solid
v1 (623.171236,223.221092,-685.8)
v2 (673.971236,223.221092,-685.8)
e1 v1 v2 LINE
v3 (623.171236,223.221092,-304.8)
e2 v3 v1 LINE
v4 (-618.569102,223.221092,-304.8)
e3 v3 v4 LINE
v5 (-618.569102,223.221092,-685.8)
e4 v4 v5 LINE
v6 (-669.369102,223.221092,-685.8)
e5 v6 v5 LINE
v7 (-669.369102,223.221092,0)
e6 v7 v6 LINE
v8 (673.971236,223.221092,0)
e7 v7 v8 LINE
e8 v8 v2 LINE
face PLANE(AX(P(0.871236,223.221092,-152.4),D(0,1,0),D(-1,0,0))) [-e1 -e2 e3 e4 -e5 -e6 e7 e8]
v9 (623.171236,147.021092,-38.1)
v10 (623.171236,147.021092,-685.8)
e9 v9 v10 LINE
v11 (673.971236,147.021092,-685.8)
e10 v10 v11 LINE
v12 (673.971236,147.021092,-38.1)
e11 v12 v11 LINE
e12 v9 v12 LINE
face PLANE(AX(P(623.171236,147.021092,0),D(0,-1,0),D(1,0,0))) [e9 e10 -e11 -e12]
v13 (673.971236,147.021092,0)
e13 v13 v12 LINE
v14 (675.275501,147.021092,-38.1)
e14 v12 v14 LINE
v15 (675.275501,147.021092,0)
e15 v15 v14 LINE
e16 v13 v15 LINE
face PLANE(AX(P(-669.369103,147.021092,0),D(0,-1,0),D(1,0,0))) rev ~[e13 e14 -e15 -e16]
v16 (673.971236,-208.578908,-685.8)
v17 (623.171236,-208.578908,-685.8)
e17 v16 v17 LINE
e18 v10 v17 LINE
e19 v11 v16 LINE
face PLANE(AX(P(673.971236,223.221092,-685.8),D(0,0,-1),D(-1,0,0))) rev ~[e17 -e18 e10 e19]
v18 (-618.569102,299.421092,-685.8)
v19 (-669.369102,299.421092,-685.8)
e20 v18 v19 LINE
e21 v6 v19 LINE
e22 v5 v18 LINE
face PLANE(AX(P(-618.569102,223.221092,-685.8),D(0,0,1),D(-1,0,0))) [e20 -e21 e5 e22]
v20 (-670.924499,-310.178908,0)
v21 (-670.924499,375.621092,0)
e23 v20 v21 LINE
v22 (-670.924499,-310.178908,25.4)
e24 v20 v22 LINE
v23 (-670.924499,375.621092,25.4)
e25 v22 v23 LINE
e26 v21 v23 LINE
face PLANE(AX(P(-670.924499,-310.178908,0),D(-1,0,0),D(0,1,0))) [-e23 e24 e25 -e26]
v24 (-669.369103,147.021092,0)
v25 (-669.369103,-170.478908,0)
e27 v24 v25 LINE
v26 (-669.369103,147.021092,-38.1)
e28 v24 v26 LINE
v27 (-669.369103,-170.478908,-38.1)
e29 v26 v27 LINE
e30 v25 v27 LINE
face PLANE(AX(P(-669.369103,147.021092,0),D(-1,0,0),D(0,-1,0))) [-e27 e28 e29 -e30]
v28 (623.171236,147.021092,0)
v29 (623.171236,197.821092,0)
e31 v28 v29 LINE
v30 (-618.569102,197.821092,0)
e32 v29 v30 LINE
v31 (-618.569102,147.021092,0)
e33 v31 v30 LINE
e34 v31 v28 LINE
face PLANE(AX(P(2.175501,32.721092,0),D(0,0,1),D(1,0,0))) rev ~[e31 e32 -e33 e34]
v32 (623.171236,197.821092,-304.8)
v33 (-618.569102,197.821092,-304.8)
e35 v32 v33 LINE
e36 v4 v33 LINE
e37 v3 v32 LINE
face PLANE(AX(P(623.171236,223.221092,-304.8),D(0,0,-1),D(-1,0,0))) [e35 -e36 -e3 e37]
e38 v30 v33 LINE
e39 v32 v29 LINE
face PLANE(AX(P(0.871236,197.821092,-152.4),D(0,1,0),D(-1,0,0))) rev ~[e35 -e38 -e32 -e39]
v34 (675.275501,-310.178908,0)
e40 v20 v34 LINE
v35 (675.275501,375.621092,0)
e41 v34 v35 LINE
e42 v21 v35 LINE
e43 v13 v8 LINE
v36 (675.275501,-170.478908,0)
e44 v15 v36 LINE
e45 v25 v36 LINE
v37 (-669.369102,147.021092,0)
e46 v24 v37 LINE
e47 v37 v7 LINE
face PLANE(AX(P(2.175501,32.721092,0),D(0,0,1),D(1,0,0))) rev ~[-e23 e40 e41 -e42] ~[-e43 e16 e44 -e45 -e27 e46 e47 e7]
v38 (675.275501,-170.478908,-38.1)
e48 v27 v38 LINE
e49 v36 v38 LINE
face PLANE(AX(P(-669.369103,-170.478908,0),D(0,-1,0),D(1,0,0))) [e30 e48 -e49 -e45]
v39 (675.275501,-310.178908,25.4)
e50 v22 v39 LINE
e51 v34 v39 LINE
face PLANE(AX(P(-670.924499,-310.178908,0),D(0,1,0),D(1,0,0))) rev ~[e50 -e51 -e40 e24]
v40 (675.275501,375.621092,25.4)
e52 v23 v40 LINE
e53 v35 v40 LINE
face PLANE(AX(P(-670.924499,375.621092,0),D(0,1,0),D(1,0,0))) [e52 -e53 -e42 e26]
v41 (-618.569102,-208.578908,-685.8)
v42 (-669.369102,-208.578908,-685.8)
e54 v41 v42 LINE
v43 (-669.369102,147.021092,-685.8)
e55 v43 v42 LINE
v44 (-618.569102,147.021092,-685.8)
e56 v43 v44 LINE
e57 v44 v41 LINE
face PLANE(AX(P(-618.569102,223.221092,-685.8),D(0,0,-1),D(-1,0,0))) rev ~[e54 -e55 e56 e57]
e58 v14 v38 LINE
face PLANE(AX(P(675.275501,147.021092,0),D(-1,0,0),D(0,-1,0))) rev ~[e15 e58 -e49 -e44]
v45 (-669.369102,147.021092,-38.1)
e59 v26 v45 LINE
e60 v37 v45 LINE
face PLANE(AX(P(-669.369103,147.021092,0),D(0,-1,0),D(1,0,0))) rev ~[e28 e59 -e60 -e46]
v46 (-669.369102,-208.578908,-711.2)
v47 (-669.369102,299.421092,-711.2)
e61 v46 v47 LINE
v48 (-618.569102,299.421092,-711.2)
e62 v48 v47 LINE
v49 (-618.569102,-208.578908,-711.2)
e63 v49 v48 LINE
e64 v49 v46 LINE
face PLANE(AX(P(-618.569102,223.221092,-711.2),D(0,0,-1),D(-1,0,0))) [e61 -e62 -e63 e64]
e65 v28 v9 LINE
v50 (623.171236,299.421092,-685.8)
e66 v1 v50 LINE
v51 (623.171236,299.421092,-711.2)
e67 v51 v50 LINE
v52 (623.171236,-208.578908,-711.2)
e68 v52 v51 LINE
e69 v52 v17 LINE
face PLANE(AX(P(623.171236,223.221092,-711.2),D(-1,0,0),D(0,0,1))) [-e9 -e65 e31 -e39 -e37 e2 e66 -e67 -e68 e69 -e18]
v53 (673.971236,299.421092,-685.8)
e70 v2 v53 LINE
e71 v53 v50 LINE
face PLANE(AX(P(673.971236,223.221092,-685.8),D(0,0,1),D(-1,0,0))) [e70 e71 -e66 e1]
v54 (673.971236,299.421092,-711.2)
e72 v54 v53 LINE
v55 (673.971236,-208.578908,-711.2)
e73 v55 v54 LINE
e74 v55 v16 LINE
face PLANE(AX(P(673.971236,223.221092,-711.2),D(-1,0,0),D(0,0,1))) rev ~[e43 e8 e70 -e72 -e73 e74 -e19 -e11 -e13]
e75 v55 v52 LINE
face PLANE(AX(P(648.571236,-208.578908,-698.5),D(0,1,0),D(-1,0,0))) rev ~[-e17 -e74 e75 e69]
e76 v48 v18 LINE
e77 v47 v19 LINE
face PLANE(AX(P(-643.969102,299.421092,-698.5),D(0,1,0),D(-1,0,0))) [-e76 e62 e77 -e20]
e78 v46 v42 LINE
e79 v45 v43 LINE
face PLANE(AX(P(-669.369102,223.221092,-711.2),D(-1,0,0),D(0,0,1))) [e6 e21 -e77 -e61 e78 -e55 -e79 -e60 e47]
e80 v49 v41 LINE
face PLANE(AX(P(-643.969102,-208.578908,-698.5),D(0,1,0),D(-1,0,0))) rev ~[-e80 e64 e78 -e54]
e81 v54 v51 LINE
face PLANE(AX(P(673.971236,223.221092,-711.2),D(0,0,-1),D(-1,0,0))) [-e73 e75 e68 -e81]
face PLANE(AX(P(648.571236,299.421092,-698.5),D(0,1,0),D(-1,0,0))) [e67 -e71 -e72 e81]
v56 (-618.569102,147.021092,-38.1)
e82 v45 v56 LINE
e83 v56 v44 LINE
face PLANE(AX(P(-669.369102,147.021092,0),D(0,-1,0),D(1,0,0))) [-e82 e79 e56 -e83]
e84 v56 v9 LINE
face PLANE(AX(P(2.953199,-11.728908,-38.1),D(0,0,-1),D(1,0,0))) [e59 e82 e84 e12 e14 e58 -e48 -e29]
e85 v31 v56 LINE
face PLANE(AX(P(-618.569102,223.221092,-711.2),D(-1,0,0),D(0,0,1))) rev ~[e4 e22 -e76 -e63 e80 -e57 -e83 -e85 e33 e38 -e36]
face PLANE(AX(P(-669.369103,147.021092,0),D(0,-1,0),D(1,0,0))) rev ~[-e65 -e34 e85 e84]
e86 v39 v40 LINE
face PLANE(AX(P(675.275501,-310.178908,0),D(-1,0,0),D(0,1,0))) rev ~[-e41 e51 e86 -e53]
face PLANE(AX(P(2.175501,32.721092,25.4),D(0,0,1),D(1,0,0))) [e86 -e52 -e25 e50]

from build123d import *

# Parameters (mm, degrees)
F0_W          = 1346.2
F0_H          = 685.8
F1_DEPTH      = 25.4
F2_W          = 50.8
F2_H          = 76.2
F3_DEPTH      = 685.8
F4_W          = 1344.644603
F4_H          = 317.5
F5_DEPTH      = 38.1
F6_W          = 50.8
F6_H          = 25.4
F8_DEPTH      = 76.2
F8_DEPTH_BACK = 431.8
F7_W          = 50.8
F7_H          = 25.4
F9_DEPTH      = 76.2
F9_DEPTH_BACK = 431.8
F10_W         = 1244.6
F10_H         = 304.8
F11_DEPTH     = 25.4


with BuildPart() as f1:
    # F0 (on Top) → F1 (new body)
    with BuildSketch(Plane.XY):
        with Locations((2.175501, 32.721092)):
            Rectangle(F0_W, F0_H)
    extrude(amount=F1_DEPTH)



with BuildPart() as f3:
    # F2 (on Top) → F3 (new body)
    with BuildSketch(Plane.XY):
        with Locations((-643.969102, 185.121092)):
            Rectangle(F2_W, F2_H)
        with Locations((648.571236, 185.121092)):
            Rectangle(F2_W, F2_H)
    extrude(amount=-F3_DEPTH)


with BuildPart() as f1_1:
    add(f1.part)

    add(f3.part)  # F5 merges F3
    # F4 (on face) → F5 (join)
    with BuildSketch(Plane(origin=(0, 0, 0), x_dir=(1, 0, 0), z_dir=(0, 0, -1))):
        with Locations((2.953199, 11.728908)):
            Rectangle(F4_W, F4_H)
    extrude(amount=F5_DEPTH)

    # F6 (on face) → F8 (join, two sides)
    with BuildSketch(Plane(origin=(0, 223.221092, 0), x_dir=(-1, 0, 0), z_dir=(0, 1, 0))) as f8_sk:
        with Locations((-648.571236, -698.5)):
            Rectangle(F6_W, F6_H)
    extrude(amount=F8_DEPTH)
    extrude(f8_sk.sketch, amount=-F8_DEPTH_BACK)

    # F7 (on face) → F9 (join, two sides)
    with BuildSketch(Plane(origin=(0, 223.221092, 0), x_dir=(-1, 0, 0), z_dir=(0, 1, 0))) as f9_sk:
        with Locations((643.969102, -698.5)):
            Rectangle(F7_W, F7_H)
    extrude(amount=F9_DEPTH)
    extrude(f9_sk.sketch, amount=-F9_DEPTH_BACK)

    # F10 (on face) → F11 (join)
    with BuildSketch(Plane(origin=(0, 223.221092, 0), x_dir=(-1, 0, 0), z_dir=(0, 1, 0))):
        with Locations((-0.871236, -152.4)):
            Rectangle(F10_W, F10_H)
    extrude(amount=-F11_DEPTH)


solid = f1_1.part
